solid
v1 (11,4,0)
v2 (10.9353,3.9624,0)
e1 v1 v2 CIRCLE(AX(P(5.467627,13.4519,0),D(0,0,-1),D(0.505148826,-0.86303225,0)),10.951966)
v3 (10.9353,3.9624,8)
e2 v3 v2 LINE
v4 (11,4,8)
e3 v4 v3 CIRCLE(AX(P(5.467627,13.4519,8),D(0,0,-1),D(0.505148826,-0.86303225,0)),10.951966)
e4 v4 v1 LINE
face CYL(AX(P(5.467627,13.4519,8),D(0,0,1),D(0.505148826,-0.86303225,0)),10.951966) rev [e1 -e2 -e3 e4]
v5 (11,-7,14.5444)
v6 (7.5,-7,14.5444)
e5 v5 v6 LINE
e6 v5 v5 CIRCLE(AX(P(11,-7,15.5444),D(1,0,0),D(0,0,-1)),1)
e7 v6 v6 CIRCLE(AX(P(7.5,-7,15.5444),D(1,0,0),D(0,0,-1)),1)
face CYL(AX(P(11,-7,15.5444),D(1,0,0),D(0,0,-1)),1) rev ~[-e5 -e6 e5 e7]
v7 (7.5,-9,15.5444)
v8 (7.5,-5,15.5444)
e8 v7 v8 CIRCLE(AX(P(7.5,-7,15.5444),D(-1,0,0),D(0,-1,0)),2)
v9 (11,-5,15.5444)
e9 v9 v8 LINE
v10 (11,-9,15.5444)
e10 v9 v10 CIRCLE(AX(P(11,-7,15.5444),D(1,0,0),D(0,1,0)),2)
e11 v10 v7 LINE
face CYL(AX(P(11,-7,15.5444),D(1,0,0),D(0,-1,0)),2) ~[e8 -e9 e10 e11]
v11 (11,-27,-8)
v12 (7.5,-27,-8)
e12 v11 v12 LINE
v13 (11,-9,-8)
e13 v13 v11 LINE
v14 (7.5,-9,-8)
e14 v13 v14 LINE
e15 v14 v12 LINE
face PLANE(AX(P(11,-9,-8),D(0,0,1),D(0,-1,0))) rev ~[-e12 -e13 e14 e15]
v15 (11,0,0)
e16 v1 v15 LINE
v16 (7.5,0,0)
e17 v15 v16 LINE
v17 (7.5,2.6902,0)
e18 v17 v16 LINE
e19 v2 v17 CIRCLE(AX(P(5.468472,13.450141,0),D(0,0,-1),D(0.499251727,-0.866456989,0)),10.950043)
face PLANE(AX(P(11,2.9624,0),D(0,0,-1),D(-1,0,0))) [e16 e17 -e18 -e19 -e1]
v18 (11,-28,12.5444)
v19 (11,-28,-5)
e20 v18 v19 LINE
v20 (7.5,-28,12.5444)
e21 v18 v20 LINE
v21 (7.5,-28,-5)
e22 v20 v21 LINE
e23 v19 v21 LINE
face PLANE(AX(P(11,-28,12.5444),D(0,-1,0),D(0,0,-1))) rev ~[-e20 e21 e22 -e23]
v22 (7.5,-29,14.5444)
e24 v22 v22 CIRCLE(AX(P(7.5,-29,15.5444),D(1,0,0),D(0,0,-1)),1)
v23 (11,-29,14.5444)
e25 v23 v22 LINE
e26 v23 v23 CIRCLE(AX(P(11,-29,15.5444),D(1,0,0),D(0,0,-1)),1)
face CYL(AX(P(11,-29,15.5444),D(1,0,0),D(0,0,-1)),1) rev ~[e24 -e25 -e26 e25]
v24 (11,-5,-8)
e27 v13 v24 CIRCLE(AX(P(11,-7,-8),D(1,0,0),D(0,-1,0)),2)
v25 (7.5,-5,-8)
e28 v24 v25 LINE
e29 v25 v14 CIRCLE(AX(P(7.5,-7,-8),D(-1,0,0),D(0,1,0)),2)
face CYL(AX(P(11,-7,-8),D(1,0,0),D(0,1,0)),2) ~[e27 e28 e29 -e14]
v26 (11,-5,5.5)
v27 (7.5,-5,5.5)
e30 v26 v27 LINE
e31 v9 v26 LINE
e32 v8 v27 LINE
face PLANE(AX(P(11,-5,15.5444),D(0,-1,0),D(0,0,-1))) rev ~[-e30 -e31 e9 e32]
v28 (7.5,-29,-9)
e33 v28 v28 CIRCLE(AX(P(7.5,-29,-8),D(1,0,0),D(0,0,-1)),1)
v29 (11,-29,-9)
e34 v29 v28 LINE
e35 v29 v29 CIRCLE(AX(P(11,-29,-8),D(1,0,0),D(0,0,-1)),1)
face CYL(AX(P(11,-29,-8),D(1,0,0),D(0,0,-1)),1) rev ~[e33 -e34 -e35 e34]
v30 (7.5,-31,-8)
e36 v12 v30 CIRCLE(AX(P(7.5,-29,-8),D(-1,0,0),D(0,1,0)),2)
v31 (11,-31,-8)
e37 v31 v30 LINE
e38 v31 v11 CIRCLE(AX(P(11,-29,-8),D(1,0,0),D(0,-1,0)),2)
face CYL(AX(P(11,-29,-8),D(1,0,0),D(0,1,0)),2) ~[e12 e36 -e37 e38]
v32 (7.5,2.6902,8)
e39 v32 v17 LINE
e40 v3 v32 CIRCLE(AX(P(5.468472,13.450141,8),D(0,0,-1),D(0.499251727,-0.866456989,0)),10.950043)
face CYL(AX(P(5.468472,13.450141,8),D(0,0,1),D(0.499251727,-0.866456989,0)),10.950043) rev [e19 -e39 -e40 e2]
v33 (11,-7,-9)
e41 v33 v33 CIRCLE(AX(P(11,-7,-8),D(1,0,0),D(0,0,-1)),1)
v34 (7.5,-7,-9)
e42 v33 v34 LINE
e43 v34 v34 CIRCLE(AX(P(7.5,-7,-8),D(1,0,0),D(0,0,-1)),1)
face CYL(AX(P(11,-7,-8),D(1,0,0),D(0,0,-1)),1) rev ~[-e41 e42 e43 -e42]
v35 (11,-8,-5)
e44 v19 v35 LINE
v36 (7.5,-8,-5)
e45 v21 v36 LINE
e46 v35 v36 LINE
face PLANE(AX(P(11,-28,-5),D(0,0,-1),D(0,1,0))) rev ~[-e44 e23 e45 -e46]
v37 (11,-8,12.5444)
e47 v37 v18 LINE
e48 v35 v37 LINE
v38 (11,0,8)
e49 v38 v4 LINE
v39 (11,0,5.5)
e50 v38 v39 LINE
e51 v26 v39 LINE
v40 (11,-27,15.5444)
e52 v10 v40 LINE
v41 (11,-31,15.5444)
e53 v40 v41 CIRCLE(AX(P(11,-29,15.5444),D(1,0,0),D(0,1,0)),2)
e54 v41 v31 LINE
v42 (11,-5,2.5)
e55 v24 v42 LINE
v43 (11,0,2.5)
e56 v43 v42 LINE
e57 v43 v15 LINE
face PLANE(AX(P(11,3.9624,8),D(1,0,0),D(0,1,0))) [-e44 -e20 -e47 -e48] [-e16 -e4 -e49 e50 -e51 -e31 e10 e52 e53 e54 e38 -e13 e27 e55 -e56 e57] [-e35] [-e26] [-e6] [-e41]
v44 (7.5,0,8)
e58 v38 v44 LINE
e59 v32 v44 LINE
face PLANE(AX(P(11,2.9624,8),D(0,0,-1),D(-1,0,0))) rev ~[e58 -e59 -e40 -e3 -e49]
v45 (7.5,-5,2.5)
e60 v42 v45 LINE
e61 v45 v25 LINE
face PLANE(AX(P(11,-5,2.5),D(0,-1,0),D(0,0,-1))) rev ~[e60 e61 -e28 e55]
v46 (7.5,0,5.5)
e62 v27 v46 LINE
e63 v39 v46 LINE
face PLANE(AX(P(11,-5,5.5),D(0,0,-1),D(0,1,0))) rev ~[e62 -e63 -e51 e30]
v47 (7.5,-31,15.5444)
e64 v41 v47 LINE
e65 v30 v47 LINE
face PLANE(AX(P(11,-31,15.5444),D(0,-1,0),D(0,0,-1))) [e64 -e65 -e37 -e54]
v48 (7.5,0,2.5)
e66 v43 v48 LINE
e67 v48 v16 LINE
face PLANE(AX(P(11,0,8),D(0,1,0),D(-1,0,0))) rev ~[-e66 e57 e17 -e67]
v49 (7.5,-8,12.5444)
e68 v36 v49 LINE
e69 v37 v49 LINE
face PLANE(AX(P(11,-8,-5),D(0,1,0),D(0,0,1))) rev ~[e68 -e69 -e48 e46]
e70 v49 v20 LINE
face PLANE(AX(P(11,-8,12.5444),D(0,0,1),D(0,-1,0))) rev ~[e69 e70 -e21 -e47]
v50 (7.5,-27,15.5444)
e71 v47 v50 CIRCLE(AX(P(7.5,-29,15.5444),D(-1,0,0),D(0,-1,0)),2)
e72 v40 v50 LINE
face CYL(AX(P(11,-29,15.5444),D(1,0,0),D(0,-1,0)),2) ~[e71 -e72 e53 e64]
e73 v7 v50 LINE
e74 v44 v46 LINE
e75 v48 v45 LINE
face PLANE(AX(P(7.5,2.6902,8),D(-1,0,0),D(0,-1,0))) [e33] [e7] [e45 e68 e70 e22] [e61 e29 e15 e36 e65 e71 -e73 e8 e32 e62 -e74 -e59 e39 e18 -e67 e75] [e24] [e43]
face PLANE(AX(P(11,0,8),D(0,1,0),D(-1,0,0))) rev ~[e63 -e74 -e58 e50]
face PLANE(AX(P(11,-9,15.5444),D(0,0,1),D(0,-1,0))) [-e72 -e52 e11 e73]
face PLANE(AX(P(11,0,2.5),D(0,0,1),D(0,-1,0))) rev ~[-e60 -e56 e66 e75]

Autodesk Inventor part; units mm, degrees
ref_plane "Work Plane1" through (11, 2.9624, 8) normal (0, 0, -1) x (-1, 0, 0)
sketch "Sketch1" plane through (11, 2.9624, 8) normal (0, 0, -1) x (-1, 0, 0)
  arc A0 (0.0647, 1) -> (3.5, -0.2722) centre (5.5324, 10.4896) ccw projected
  line L0 (0, -2.9624) -> (0, 1) projected
  line L1 (3.5, -0.2722) -> (3.5, -2.9624) projected
  line L2 (0, -2.9624) -> (3.5, -2.9624) projected
  arc A1 (0, 1.0376) -> (11, 1) centre (5.5324, 10.4896) ccw projected
  line L3 (0, -7.9624) -> (0, 1.0376) projected
  line L4 (3.5, -0.2722) -> (3.5, -2.9624)
  line L5 (0, -2.9624) -> (3.5, -2.9624)
  line L6 (0, -2.9624) -> (0, 1.0376)
  arc A2 (0, 1.0376) -> (11, 1) centre (5.5324, 10.4896) ccw
  point P0 (11, -2.9624)
ref_plane "Work Plane2" through (8, 0, 0) normal (0, 0, 1) x (1, 0, 0)
ref_plane "Work Plane4" through (8, 0, 0) normal (0, 0, 1) x (1, 0, 0)
extrude "Extrusion1" add sketch "Sketch1" along normal up to surface (8 mm away)
ref_plane "Work Plane3" through (8, -5, 14.5) normal (-1, 0, 0) x (0, 0, 1)
ref_plane "Work Plane5" through (11, -5, -9) normal (1, 0, 0) x (0, 1, 0)
sketch "Sketch2" plane through (8, -5, 14.5) normal (-1, 0, 0) x (0, 0, 1)
  line L0 (-6.5, 5) -> (-14.5, 5) projected
  line L1 (-12, 5) -> (-12, 0) projected
  line L2 (-12, 5) -> (-12, 0)
  line L3 (-12, 5) -> (-9.4556, 5)
  line L4 (-12, 0) -> (-22.5, 0)
  line L5 (-22.5, 0) -> (-22.5, -26)
  line L6 (1.0444, 0) -> (1.0444, -26)
  line L7 (1.0444, -26) -> (-22.5, -26)
  line L8 (-22.5, 0) -> (-19.5, 0)
  line L9 (-19.5, 0) -> (-19.5, -3)
  line L10 (1.0444, -26) -> (1.0444, -23)
  line L11 (1.0444, -23) -> (-1.9556, -23)
  line L12 (-19.5, -3) -> (-1.9556, -3)
  line L13 (-1.9556, -3) -> (-1.9556, -23)
  line L14 (-1.9556, -23) -> (-19.5, -23)
  line L15 (-19.5, -23) -> (-19.5, -3)
  line L16 (1.0444, -26) -> (-0.9556, -26)
  line L17 (-0.9556, -26) -> (-2.9556, -26)
  line L18 (-22.5, 0) -> (-22.5, -4)
  line L19 (-22.5, -4) -> (-22.5, -2)
  line L20 (-22.5, -2) -> (-24.5, -2)
  line L21 (1.0444, 0) -> (1.0444, -4)
  line L22 (1.0444, -2) -> (3.0444, -2)
  arc A0 (-22.5, 0) -> (-22.5, -4) centre (-22.5, -2) ccw
  arc A1 (1.0444, -4) -> (1.0444, 0) centre (1.0444, -2) ccw
  line L23 (-9, 0) -> (-9, 5) projected
  line L24 (-12, 5) -> (-9, 5)
  line L25 (-9, 5) -> (-9, 0)
  line L26 (1.0444, 0) -> (-9, 0)
  line L27 (-22.5, -26) -> (-22.5, -24)
  line L28 (-22.5, -24) -> (-24.5, -24)
  line L29 (1.0444, -26) -> (1.0444, -24)
  line L30 (1.0444, -24) -> (3.0444, -24)
  line L31 (-22.5, -24) -> (-22.5, -22)
  line L32 (1.0444, -24) -> (1.0444, -22)
  arc A2 (-22.5, -22) -> (-22.5, -26) centre (-22.5, -24) ccw
  arc A3 (1.0444, -26) -> (1.0444, -22) centre (1.0444, -24) ccw
  line L33 (-19.5, -23) -> (-1.9556, -23)
  line L34 (-1.9556, -3) -> (-1.9556, -23)
  point P0 (-18.5, -26)
  dimension "d3" = 10.5
  dimension "d4" = 26
  dimension "d5" = 3
  dimension "d6" = 3
  dimension "d8" = 3
  dimension "d16" = 4
  dimension "d17" = 2
  dimension "d18" = 4
  dimension "d19" = 2
  dimension "d28" = 2
  dimension "d29" = 2
  dimension "d30" = 2
  dimension "d31" = 2
  dimension "d32" = 2
extrude "Extrusion2" add sketch "Sketch2" along normal up to surface (3.5 mm away) from surface at -3 contours L23 L26 L6 L11 L13 L12 L9 L4 L1 L0 | A1 L22 L6 | L22 A1 L6 | L9 L15 L14 L11 L6 L7 L5 L4 | L5 L20 A0 | A3 L30 L6 | L5 A0 L20 | A3 L6 L30 | L5 L28 A2 | L5 A2 L28
sketch "Sketch3" plane through (11, 0, 8) normal (1, 0, 0) x (0, 0, -1)
  arc A0 (-7.5444, -5) -> (-7.5444, -9) centre (-7.5444, -7) ccw projected
  arc A1 (16, -9) -> (16, -5) centre (16, -7) ccw projected
  circle A2 centre (16, -7) radius 1
  circle A3 centre (-7.5444, -7) radius 1
  arc A4 (-7.5444, -27) -> (-7.5444, -31) centre (-7.5444, -29) ccw projected
  arc A5 (16, -31) -> (16, -27) centre (16, -29) ccw projected
  circle A6 centre (16, -29) radius 1
  circle A7 centre (-7.5444, -29) radius 1
  point P0 (-5.5444, -31)
  dimension "d23" = 2
  dimension "d25" = 2
  dimension "d33" = 2
  dimension "d34" = 2
extrude "Extrusion3" cut sketch "Sketch3" against normal up to surface (3.5 mm away)
properties part number "back_pack_side_clip_in"
